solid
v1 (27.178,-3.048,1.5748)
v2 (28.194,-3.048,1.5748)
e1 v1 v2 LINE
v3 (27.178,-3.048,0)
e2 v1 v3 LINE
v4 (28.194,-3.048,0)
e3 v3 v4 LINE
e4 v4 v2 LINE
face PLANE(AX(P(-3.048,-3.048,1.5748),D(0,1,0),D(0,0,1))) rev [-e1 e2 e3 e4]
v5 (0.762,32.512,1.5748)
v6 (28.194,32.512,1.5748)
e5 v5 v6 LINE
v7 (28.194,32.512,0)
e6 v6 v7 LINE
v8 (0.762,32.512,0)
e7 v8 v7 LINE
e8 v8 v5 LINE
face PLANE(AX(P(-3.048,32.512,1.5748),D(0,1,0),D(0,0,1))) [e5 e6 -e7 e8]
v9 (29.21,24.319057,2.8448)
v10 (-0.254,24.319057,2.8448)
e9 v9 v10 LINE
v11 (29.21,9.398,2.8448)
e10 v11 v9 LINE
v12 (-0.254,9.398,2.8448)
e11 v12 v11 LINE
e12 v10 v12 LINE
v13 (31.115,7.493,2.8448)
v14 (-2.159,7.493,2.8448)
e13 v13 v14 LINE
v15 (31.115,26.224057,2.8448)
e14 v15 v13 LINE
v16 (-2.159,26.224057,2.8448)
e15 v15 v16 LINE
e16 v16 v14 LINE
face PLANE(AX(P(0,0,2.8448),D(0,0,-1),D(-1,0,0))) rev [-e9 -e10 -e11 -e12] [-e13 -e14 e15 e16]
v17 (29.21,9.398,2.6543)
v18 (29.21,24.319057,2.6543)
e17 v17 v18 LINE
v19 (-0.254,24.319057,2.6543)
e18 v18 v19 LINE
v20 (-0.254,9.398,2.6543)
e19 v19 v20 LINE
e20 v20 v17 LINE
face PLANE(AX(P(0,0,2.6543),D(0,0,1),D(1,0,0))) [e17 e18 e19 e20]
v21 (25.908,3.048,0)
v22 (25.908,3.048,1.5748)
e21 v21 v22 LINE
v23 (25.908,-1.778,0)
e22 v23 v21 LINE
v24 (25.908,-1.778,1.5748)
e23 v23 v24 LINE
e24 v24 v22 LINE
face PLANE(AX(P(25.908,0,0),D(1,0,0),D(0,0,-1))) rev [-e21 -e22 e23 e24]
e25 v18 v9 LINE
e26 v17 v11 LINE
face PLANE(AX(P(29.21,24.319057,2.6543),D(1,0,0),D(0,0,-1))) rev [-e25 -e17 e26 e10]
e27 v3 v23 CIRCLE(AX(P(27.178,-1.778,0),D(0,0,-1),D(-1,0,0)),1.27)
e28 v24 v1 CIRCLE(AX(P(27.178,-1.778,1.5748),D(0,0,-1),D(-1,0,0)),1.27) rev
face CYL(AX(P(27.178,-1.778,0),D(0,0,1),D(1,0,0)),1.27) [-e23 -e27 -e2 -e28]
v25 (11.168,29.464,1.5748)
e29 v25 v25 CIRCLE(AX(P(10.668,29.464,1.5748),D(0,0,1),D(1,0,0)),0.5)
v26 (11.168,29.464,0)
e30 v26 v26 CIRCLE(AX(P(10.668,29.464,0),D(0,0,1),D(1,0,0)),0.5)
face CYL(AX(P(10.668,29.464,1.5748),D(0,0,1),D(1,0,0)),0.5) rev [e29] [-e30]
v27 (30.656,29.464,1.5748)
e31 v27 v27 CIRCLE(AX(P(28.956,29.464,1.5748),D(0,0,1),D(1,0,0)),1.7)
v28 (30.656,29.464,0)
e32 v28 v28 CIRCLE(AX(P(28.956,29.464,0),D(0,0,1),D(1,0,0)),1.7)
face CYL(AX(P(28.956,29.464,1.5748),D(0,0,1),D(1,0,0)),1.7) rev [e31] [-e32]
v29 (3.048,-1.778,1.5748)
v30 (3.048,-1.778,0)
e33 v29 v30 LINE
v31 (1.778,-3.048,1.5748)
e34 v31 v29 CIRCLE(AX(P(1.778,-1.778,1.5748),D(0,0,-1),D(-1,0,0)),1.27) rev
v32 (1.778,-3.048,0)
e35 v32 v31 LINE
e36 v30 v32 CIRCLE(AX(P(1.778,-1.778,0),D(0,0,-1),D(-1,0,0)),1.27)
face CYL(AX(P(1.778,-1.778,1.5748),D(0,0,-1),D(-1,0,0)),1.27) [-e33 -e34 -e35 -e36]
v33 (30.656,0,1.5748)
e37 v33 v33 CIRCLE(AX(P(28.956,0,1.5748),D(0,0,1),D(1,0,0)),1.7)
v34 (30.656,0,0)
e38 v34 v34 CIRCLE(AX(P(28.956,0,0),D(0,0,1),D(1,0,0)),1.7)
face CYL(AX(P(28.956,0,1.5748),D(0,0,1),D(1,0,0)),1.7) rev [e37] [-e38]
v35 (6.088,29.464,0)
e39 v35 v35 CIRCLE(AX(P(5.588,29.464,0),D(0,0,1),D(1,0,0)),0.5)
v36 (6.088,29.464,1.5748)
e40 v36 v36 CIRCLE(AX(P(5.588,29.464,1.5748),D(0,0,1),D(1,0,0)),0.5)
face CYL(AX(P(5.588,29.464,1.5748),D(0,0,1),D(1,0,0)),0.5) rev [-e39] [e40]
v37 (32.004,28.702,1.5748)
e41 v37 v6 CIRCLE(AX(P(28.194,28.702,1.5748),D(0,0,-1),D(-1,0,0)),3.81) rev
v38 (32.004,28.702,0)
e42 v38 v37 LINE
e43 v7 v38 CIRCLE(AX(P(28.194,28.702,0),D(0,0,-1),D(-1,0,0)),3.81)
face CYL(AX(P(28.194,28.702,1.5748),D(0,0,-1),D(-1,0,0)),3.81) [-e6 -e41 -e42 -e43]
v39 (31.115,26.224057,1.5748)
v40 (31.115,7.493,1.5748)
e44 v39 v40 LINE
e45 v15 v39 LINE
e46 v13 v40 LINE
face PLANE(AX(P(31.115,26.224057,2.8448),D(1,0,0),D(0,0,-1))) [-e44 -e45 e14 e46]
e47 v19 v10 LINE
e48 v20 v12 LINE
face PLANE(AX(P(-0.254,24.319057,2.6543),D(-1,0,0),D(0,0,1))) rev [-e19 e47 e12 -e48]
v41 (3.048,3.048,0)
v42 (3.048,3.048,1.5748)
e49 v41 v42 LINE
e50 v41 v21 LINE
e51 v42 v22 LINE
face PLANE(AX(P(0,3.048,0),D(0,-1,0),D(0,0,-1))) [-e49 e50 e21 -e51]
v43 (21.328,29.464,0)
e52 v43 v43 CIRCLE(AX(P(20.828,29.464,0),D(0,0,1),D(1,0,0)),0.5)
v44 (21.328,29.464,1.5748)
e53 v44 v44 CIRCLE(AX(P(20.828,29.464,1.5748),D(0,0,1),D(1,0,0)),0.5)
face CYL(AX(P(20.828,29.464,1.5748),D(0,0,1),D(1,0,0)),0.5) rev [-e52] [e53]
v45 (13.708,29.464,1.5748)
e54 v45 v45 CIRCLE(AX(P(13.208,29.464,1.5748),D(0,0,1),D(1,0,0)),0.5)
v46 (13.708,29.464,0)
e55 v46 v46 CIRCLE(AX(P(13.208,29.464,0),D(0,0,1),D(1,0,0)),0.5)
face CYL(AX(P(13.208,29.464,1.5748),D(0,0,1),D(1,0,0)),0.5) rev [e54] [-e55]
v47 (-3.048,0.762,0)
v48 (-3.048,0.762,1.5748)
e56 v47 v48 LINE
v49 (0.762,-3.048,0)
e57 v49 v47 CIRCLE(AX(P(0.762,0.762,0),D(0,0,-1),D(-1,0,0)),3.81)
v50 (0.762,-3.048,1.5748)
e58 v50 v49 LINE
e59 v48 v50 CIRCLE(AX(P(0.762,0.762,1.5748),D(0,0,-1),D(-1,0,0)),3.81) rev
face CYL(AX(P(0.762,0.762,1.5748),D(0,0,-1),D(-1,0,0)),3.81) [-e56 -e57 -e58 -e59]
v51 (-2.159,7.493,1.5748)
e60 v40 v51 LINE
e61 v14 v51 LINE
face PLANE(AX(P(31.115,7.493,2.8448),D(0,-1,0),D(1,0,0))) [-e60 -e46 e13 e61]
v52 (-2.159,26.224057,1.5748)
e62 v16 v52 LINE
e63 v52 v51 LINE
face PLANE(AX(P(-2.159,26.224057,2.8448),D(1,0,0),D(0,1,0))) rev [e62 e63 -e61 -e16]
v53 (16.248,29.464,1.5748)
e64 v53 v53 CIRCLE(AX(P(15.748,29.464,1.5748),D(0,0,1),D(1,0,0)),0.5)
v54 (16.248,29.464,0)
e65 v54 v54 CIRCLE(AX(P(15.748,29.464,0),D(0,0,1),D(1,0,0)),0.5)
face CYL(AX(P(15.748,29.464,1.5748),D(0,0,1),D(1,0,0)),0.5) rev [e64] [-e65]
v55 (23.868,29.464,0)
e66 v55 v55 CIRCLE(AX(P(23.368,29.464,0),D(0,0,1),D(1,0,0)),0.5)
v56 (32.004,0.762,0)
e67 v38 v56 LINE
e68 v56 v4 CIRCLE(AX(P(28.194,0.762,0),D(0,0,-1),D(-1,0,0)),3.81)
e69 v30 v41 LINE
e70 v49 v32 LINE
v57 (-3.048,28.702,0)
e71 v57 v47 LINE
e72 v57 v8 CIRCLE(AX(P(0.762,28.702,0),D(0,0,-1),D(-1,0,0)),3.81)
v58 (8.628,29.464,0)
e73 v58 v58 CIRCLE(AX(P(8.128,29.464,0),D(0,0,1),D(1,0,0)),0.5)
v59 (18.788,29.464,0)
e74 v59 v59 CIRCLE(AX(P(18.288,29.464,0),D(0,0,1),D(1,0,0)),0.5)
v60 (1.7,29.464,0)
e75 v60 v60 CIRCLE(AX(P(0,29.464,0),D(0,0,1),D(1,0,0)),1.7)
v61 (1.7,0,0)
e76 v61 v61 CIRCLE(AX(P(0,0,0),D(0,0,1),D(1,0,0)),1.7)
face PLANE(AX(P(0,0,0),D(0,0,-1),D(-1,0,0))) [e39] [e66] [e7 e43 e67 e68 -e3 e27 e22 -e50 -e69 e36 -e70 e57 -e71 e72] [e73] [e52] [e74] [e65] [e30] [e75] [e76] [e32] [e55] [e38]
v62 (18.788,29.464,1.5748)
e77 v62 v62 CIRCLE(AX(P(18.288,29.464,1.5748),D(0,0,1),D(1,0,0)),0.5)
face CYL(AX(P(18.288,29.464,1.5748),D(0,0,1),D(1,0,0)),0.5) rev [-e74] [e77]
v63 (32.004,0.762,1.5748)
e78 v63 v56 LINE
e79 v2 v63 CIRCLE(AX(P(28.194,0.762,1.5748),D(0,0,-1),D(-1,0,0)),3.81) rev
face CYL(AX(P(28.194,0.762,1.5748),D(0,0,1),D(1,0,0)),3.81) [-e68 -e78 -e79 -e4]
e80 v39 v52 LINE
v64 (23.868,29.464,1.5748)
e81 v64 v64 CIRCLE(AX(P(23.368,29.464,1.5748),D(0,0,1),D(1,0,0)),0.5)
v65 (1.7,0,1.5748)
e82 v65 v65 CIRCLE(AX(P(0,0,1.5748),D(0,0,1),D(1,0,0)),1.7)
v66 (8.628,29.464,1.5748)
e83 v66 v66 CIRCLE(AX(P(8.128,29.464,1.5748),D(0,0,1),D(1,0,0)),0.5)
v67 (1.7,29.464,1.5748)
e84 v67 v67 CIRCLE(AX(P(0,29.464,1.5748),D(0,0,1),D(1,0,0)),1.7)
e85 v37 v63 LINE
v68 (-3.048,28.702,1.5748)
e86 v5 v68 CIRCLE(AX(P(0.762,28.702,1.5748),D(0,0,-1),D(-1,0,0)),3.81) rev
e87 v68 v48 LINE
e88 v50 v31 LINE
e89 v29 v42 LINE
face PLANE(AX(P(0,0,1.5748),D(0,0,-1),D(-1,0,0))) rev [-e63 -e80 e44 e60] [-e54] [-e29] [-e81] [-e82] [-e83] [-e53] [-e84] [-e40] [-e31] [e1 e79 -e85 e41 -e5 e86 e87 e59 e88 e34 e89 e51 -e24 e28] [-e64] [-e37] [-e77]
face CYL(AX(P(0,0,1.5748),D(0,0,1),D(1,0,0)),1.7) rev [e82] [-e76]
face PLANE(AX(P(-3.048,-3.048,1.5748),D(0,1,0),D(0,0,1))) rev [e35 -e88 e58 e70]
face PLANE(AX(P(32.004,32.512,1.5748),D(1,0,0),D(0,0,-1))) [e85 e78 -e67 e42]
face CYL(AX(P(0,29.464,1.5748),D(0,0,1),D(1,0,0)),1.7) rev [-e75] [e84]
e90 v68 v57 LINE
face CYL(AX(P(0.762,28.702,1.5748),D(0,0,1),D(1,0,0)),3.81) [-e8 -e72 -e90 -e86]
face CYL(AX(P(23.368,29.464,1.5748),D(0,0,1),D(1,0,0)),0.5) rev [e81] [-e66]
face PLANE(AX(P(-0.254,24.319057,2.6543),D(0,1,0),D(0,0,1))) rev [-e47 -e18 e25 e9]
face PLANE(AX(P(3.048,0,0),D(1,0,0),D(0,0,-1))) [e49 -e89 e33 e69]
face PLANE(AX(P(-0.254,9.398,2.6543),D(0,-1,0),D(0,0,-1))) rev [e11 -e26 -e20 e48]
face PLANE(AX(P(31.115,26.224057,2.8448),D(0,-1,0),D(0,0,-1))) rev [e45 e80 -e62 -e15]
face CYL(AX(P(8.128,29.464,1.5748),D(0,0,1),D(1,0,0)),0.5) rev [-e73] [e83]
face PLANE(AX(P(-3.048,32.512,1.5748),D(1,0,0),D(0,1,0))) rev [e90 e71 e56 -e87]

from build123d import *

# Parameters (mm, degrees)
SKETCH2_W                = 35.052
SKETCH2_H                = 35.56
BOSS_EXTRUDE1_DEPTH      = 1.5748
CUT_EXTRUDE4_START       = 1.5748
SKETCH2_8_W              = 22.86
SKETCH2_8_H              = 6.096
CUT_EXTRUDE4_DEPTH       = 1.5748
M3_CLEARANCE_HOLE1_D     = 3.4
F_1_0_1_DIAMETER_HOLE1_D = 1
FILLET2_R                = 3.81
FILLET3_R                = 1.27
SKETCH10_W               = 33.274
SKETCH10_H               = 18.731056846
BOSS_EXTRUDE2_DEPTH      = 1.27
SKETCH11_W               = 29.464
SKETCH11_H               = 14.921056846
CUT_EXTRUDE5_DEPTH       = 0.1905


with BuildPart() as part:
    # Sketch2 → Boss-Extrude1 (new body)
    with BuildSketch(Plane.XY):
        with Locations((14.478, 14.732)):
            Rectangle(SKETCH2_W, SKETCH2_H)
    extrude(amount=BOSS_EXTRUDE1_DEPTH)

    # Sketch2<8> → Cut-Extrude4 (cut)
    with BuildSketch(Plane.XY.offset(CUT_EXTRUDE4_START)):
        with Locations((14.478, 0)):
            Rectangle(SKETCH2_8_W, SKETCH2_8_H)
    extrude(amount=-CUT_EXTRUDE4_DEPTH, mode=Mode.SUBTRACT)

    # M3 Clearance Hole1 (through all)
    with Locations(Plane.XY.offset(1.5748)):
        with Locations((0, 29.464), (0, 0), (28.956, 0), (28.956, 29.464)):
            Hole(M3_CLEARANCE_HOLE1_D / 2)

    # Ø1.0 (1) Diameter Hole1 (through all)
    with Locations(Plane.XY.offset(1.5748)):
        with Locations((5.588, 29.464), (8.128, 29.464), (10.668, 29.464), (13.208, 29.464), (15.748, 29.464), (18.288, 29.464), (20.828, 29.464), (23.368, 29.464)):
            Hole(F_1_0_1_DIAMETER_HOLE1_D / 2)

    # Fillet2
    fillet2_edges = [part.edges().sort_by_distance(p)[0] for p in [
        (-3.048, 32.512, 0.7874),
        (-3.048, -3.048, 0.7874),
        (32.004, -3.048, 0.7874),
        (32.004, 32.512, 0.7874),
    ]]
    fillet(fillet2_edges, radius=FILLET2_R)

    # Fillet3
    fillet3_edges = [part.edges().sort_by_distance(p)[0] for p in [
        (25.908, -3.048, 0.7874),
        (3.048, -3.048, 0.7874),
    ]]
    fillet(fillet3_edges, radius=FILLET3_R)

    # Sketch10 → Boss-Extrude2 (add)
    with BuildSketch(Plane.XY.offset(1.5748)):
        with Locations((14.478, 16.858528423)):
            Rectangle(SKETCH10_W, SKETCH10_H)
    extrude(amount=BOSS_EXTRUDE2_DEPTH)

    # Sketch11 → Cut-Extrude5 (cut)
    with BuildSketch(Plane.XY.offset(2.8448)):
        with Locations((14.478, 16.858528423)):
            Rectangle(SKETCH11_W, SKETCH11_H)
    extrude(amount=-CUT_EXTRUDE5_DEPTH, mode=Mode.SUBTRACT)


solid = part.part
